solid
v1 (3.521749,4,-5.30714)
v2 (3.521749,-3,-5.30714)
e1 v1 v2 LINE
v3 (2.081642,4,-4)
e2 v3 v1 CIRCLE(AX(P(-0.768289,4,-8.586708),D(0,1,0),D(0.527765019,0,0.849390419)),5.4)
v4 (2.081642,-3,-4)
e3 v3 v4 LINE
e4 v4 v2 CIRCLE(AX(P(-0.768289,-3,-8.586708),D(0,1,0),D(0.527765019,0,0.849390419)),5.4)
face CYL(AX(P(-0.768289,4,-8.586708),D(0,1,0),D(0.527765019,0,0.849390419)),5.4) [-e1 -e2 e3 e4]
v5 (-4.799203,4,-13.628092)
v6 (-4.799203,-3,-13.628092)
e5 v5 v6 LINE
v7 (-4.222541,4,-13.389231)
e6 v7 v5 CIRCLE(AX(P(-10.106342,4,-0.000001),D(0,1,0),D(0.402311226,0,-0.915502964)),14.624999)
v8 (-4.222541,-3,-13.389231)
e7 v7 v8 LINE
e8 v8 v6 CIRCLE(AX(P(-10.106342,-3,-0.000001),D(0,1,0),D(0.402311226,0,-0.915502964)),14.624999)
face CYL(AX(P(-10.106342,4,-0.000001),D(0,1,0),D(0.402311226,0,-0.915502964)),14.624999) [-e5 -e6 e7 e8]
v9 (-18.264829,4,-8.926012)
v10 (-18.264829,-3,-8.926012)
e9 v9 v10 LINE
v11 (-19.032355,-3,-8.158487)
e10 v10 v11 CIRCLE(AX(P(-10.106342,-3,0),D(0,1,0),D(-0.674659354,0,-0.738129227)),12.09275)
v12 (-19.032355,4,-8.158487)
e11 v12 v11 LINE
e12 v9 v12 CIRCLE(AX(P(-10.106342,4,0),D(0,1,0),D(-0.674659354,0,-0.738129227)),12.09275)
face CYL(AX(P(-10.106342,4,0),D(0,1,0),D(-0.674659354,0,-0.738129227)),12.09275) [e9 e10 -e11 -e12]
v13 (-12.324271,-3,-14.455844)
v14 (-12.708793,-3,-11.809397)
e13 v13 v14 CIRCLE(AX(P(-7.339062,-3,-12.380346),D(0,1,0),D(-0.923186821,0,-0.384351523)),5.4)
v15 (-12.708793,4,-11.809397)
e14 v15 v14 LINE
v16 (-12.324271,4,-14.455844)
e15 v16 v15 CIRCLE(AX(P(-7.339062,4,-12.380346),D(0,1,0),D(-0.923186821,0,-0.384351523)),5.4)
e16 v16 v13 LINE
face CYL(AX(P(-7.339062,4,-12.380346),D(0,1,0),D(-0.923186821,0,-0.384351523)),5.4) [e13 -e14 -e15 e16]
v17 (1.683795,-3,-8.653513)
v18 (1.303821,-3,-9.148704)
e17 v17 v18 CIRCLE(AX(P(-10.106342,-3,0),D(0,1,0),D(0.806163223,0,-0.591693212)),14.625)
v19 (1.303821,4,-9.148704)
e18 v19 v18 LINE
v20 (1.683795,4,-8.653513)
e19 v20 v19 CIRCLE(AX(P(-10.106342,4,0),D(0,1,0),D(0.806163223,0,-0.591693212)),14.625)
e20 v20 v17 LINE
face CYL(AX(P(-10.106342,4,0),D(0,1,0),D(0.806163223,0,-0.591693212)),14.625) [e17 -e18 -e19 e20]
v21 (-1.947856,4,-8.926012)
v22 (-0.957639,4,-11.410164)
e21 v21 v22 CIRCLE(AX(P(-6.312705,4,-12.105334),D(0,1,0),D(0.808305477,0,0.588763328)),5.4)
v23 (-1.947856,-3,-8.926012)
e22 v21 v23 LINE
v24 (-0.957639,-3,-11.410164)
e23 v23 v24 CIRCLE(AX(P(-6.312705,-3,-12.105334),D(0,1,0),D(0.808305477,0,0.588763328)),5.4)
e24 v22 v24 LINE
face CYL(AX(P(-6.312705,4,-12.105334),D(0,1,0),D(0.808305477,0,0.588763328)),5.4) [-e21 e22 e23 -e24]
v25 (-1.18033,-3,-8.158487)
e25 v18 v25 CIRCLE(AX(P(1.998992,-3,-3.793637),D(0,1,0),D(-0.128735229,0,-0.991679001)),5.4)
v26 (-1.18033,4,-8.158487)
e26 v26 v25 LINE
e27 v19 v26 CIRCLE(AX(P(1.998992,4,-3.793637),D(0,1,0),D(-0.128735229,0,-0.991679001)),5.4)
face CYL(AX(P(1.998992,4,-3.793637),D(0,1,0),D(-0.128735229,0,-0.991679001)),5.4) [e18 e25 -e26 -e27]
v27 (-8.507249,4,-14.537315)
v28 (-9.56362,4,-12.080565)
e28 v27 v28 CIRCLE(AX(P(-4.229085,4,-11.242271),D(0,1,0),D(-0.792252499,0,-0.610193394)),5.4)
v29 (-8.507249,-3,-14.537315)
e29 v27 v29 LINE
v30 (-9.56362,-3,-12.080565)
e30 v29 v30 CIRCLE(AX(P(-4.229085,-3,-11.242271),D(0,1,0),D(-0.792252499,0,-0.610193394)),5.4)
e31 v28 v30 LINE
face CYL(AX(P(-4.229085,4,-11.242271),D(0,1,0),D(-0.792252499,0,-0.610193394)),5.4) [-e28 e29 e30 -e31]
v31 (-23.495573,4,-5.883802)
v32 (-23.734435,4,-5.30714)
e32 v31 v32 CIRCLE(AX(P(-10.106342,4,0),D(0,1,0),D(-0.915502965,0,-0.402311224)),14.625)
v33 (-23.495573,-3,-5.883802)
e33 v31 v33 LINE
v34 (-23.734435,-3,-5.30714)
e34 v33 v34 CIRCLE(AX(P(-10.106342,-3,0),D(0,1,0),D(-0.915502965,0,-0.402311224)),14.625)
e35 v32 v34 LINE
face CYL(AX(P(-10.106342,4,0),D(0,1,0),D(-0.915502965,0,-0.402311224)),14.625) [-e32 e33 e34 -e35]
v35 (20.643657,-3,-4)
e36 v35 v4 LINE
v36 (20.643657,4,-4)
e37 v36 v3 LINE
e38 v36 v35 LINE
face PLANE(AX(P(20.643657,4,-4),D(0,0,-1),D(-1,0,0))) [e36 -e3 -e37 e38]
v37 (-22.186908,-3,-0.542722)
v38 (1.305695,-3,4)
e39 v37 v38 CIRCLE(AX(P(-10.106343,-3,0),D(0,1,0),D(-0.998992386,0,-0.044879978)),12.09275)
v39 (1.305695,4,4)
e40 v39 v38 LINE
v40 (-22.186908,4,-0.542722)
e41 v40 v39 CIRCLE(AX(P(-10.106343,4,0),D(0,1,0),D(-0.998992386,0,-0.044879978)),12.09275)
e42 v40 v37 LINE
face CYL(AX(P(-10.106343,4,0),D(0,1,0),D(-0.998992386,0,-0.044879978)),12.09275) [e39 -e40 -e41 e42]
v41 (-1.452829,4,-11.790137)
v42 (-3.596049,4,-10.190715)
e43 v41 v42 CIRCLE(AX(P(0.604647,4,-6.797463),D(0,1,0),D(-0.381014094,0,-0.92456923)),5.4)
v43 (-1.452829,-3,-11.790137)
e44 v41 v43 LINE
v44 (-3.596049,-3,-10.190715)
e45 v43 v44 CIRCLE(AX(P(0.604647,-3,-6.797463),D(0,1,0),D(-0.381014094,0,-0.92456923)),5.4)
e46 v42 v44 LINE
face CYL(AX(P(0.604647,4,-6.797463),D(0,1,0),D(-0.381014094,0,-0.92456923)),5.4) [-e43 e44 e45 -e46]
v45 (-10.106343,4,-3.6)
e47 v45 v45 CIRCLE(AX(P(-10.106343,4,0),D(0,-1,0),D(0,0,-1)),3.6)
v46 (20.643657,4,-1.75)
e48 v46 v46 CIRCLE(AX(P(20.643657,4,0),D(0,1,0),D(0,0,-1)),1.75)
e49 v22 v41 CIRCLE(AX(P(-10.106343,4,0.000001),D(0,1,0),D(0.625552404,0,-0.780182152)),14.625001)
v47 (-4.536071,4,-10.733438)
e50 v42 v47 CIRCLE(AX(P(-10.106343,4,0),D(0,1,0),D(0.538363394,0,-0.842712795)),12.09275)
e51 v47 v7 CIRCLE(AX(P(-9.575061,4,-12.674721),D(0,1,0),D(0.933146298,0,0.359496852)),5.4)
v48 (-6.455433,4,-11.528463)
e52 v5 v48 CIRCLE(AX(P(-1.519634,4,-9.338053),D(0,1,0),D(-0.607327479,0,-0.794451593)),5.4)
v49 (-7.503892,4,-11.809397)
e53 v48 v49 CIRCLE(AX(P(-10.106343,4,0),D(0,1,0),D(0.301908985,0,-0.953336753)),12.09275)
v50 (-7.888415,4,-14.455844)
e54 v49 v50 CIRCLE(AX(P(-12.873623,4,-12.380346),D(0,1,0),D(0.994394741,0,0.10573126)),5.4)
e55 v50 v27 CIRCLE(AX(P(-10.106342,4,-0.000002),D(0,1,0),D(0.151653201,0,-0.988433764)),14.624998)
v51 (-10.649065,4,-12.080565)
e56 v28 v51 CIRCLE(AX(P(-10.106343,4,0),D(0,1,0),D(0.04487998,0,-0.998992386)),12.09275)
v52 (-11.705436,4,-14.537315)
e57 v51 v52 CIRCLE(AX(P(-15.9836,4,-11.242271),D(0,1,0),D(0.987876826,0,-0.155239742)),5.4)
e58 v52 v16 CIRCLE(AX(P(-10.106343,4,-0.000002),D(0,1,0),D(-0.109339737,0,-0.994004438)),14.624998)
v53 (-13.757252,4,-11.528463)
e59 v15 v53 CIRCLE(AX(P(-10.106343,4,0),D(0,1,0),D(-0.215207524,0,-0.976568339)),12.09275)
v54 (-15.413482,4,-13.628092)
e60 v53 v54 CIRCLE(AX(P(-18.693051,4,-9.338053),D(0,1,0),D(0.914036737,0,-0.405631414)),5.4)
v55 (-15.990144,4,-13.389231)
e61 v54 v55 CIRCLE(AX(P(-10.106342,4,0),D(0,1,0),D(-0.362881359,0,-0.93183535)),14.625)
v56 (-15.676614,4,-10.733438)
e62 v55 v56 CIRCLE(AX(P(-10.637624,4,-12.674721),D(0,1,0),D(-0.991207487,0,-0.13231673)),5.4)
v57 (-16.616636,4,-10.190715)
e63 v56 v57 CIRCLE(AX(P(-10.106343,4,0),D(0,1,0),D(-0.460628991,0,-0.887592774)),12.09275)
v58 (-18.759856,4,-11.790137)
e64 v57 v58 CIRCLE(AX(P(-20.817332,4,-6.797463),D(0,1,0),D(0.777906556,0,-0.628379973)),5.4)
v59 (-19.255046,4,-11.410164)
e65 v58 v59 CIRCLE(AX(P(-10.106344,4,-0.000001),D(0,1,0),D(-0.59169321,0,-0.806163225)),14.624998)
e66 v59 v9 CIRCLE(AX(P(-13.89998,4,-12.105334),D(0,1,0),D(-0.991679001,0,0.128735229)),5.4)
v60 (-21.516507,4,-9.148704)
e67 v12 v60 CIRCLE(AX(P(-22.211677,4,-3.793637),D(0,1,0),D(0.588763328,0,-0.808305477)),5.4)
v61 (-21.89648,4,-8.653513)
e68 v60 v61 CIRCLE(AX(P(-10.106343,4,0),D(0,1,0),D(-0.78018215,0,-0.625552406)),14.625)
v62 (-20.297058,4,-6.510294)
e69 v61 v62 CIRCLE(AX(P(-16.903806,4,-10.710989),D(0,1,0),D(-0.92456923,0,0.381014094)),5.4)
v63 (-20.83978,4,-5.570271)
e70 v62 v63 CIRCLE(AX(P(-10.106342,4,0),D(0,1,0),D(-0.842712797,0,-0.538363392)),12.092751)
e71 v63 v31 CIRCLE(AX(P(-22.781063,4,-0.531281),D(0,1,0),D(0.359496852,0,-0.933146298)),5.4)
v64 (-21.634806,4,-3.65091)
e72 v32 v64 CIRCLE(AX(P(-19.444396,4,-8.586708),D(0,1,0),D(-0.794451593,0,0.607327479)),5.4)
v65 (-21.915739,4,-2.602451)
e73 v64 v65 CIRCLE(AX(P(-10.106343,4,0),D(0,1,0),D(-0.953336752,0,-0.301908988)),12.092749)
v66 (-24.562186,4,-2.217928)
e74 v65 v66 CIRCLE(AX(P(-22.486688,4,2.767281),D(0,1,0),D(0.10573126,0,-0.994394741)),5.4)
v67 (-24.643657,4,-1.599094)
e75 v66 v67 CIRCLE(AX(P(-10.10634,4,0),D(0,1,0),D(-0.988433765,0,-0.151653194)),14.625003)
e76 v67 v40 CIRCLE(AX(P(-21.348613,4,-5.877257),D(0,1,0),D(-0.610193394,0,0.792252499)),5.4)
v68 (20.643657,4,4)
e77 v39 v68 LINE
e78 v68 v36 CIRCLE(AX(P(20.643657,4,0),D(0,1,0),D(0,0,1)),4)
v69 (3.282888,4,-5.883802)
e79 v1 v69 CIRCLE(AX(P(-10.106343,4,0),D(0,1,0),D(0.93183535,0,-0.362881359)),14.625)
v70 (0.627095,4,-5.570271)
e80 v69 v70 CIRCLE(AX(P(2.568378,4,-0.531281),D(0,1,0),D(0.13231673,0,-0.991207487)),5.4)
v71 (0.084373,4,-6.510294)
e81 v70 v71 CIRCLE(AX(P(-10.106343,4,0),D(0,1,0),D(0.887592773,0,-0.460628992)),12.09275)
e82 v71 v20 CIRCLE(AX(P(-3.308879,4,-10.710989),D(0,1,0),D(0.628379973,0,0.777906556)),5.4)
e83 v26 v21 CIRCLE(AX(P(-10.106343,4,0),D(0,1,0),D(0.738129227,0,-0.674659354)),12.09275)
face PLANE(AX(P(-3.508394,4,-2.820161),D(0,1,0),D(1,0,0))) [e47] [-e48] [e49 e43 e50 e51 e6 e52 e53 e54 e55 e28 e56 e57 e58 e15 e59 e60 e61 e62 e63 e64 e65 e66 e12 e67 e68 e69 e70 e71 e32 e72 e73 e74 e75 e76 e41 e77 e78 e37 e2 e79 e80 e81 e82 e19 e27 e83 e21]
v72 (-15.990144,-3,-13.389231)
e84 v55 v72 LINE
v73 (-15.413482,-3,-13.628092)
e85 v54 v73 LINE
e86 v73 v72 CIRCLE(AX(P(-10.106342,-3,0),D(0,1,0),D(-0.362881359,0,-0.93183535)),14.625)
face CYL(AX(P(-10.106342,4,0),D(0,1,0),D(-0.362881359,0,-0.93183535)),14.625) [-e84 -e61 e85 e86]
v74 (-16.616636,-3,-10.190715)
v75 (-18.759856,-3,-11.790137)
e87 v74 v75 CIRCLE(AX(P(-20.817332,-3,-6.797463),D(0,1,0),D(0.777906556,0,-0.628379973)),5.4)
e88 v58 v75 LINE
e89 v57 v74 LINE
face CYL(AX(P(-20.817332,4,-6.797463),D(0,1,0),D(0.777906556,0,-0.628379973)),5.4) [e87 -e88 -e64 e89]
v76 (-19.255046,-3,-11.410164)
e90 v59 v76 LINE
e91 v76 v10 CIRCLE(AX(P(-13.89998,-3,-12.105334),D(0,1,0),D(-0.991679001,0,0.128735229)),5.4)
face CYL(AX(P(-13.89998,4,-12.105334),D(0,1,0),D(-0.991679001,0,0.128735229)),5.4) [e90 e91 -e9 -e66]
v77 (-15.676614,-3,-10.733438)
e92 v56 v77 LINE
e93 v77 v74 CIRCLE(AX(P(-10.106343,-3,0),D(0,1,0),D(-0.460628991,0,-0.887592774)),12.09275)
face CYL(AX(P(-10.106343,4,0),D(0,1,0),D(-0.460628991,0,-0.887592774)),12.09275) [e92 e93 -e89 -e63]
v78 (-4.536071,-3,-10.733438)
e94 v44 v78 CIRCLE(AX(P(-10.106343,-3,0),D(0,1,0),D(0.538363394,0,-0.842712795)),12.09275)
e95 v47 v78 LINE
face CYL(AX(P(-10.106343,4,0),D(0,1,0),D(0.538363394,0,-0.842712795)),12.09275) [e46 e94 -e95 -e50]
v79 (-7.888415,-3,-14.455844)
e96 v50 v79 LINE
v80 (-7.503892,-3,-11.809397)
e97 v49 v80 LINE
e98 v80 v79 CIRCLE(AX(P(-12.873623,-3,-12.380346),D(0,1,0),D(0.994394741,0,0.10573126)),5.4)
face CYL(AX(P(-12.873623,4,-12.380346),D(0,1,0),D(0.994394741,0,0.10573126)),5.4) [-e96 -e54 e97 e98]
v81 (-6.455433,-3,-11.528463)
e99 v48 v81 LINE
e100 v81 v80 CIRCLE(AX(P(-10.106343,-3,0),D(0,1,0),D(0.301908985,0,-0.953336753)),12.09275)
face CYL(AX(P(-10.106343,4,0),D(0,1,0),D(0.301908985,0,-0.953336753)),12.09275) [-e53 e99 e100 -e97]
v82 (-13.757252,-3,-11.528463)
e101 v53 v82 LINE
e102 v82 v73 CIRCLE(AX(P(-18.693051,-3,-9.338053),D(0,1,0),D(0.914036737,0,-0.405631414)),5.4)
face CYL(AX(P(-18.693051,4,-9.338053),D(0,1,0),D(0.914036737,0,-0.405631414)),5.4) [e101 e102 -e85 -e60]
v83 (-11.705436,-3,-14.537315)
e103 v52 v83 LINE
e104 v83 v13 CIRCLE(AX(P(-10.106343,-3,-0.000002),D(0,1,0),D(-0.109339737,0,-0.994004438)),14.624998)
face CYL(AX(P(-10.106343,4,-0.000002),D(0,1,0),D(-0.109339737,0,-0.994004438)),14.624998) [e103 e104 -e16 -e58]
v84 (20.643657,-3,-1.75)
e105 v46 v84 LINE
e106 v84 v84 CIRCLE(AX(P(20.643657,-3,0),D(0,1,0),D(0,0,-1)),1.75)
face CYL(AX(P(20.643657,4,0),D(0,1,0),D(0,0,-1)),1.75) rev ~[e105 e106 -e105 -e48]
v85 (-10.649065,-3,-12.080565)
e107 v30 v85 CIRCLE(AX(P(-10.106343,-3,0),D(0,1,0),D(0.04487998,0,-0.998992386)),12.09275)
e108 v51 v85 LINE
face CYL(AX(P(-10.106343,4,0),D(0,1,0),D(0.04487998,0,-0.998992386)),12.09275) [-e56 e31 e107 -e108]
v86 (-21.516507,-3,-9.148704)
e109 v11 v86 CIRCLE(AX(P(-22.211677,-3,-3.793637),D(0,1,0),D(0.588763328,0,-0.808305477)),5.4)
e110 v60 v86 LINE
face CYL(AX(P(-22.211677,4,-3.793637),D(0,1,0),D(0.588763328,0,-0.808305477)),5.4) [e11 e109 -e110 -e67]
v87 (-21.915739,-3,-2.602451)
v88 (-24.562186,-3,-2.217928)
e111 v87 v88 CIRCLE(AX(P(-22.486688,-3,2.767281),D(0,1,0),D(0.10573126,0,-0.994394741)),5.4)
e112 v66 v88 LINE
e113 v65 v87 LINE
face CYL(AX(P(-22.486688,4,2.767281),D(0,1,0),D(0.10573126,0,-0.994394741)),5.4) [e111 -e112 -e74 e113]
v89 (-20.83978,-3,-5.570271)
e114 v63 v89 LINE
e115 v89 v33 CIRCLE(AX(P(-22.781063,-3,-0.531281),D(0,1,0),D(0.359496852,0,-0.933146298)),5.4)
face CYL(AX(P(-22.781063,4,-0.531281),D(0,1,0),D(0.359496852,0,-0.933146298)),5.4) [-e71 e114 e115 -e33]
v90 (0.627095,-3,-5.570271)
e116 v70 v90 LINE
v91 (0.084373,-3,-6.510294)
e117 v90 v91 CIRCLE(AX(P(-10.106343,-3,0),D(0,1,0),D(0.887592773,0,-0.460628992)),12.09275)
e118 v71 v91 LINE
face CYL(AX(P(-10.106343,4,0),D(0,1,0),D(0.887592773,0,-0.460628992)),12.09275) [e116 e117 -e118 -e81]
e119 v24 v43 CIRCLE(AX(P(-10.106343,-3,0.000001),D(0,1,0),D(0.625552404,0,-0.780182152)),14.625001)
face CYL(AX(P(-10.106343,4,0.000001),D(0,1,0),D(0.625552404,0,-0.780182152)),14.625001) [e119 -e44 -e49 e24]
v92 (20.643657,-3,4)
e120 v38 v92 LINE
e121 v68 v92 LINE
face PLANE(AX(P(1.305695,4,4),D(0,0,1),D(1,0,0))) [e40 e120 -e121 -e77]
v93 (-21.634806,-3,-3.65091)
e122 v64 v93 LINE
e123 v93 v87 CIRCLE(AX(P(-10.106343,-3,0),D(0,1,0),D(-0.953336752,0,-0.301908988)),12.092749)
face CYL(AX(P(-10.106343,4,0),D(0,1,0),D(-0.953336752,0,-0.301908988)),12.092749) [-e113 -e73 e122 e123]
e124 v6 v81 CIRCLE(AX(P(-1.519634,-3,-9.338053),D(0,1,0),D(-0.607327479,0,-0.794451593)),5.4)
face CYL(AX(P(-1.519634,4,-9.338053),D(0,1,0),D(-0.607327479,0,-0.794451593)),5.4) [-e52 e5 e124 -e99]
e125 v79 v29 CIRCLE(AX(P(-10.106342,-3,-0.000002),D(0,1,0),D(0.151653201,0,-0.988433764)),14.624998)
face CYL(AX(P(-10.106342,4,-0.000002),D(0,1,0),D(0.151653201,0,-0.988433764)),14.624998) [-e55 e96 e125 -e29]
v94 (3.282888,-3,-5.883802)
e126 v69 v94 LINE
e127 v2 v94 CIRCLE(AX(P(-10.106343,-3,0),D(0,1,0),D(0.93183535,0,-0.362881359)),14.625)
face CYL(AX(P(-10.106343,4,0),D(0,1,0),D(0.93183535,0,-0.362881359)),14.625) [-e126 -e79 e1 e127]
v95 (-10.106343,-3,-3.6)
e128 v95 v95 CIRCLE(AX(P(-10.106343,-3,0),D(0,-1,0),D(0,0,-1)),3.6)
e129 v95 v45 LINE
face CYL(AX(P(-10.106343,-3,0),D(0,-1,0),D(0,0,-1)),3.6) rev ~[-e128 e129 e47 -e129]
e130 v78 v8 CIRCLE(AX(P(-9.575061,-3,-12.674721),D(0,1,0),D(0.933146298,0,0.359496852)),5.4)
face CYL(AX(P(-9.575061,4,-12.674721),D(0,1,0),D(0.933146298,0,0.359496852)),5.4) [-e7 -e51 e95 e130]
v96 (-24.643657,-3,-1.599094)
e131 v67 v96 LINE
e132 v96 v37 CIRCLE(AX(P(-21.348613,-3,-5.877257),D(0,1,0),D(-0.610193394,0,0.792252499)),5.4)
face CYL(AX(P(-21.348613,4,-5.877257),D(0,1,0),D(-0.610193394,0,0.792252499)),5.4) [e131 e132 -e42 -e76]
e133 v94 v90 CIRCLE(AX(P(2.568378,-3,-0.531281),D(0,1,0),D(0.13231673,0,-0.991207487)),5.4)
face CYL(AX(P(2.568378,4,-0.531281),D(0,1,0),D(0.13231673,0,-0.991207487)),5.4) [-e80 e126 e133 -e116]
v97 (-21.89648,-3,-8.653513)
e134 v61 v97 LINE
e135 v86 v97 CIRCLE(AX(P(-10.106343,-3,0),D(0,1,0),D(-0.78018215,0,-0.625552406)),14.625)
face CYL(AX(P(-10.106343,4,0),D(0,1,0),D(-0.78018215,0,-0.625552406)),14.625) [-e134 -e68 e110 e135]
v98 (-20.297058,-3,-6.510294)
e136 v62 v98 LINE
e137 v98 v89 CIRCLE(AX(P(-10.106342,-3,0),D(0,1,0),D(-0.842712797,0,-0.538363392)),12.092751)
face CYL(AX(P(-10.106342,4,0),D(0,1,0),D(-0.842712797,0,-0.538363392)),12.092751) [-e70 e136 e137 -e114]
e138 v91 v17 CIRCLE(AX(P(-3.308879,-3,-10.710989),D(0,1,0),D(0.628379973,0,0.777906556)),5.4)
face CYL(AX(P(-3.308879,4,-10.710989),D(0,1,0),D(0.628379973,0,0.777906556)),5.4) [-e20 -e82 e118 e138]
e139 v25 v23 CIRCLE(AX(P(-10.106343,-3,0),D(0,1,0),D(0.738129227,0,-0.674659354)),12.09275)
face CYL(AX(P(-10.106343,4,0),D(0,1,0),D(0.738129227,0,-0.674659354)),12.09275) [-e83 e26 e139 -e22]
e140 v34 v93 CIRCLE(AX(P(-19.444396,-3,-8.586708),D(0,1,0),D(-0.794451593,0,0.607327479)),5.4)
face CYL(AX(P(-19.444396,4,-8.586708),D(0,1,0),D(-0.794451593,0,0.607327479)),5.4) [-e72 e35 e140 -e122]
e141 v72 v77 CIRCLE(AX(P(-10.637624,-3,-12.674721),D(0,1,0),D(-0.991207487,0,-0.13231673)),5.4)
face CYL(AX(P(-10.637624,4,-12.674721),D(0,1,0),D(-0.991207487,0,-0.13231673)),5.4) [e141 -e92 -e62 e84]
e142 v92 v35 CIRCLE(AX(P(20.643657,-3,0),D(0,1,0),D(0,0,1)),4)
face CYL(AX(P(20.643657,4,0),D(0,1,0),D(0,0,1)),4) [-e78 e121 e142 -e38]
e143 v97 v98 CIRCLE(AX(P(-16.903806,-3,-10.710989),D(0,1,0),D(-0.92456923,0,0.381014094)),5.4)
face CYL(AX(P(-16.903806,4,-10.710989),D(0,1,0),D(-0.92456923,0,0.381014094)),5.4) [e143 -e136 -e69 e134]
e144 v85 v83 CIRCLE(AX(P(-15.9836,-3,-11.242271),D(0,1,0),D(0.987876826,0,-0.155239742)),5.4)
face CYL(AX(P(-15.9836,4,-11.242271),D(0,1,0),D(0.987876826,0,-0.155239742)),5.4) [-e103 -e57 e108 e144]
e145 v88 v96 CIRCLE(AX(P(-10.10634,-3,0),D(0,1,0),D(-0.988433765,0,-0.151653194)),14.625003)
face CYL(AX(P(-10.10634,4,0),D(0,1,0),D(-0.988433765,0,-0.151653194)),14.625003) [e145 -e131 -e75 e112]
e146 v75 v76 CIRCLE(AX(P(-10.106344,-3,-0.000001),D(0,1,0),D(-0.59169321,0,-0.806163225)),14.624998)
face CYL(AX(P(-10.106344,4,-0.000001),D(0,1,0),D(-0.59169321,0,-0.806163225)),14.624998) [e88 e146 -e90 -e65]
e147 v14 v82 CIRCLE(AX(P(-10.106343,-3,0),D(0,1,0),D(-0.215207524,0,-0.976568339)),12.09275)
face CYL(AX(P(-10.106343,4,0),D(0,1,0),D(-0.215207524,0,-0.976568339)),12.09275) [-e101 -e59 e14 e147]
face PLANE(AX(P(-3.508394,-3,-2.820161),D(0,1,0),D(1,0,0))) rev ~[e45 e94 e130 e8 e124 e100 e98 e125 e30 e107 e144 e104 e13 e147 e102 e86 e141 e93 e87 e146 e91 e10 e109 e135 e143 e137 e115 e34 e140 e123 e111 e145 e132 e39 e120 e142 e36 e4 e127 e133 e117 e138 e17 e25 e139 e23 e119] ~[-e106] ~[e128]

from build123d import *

# Parameters (mm, degrees)
SKETCH1_R           = 1.75
BOSS_EXTRUDE1_DEPTH = 7
SKETCH_1_R          = 3.6
CUT_EXTRUDE_1_DEPTH = 30.45578681


with BuildPart() as part:
    # Sketch1 → Boss-Extrude1 (new body)
    with BuildSketch(Plane(origin=(0, 4, 0), x_dir=(1, 0, 0), z_dir=(0, 1, 0))):
        with BuildLine():
            Line((1.305695063, -4), (20.643657446, -4))
            ThreePointArc((20.643657446, -4), (24.643657446, 0), (20.643657446, 4))
            Line((20.643657446, 4), (2.081641936, 4))
            ThreePointArc((2.081641936, 4), (2.861028333, 4.588201733), (3.521749436, 5.30713988))
            ThreePointArc((3.521749436, 5.30713988), (3.405395609, 5.596745198), (3.282888305, 5.883801663))
            ThreePointArc((3.282888305, 5.883801663), (1.93527598, 5.894040025), (0.627094961, 5.57027124))
            ThreePointArc((0.627094961, 5.57027124), (0.366286148, 6.046375), (0.084372603, 6.510293938))
            ThreePointArc((0.084372603, 6.510293938), (1.018855105, 7.48132754), (1.683794586, 8.65351323))
            ThreePointArc((1.683794586, 8.65351323), (1.496450048, 8.903135899), (1.303821399, 9.148703928))
            ThreePointArc((1.303821399, 9.148703928), (-0.000522033, 8.809805691), (-1.180330337, 8.158486898))
            ThreePointArc((-1.180330337, 8.158486898), (-1.555477026, 8.550865528), (-1.947855656, 8.926012217))
            ThreePointArc((-1.947855656, 8.926012217), (-1.296536862, 10.105820521), (-0.957638625, 11.410163953))
            ThreePointArc((-0.957638625, 11.410163953), (-1.203206655, 11.602792602), (-1.452829324, 11.79013714))
            ThreePointArc((-1.452829324, 11.79013714), (-2.625015014, 11.125197659), (-3.596048616, 10.190715157))
            ThreePointArc((-3.596048616, 10.190715157), (-4.059967554, 10.472628702), (-4.536071314, 10.733437515))
            ThreePointArc((-4.536071314, 10.733437515), (-4.212302529, 12.041618533), (-4.222540891, 13.389230859))
            ThreePointArc((-4.222540891, 13.389230859), (-4.509597355, 13.511738163), (-4.799202674, 13.62809199))
            ThreePointArc((-4.799202674, 13.62809199), (-5.759348103, 12.682425791), (-6.455432668, 11.528463019))
            ThreePointArc((-6.455432668, 11.528463019), (-6.976508546, 11.680699536), (-7.503891752, 11.809396783))
            ThreePointArc((-7.503891752, 11.809396783), (-7.529737283, 13.156800143), (-7.888414517, 14.455843809))
            ThreePointArc((-7.888414517, 14.455843809), (-8.197396993, 14.499881098), (-8.507248835, 14.537314892))
            ThreePointArc((-8.507248835, 14.537314892), (-9.18992168, 13.375367565), (-9.563620196, 12.080565177))
            ThreePointArc((-9.563620196, 12.080565177), (-10.106342554, 12.09275), (-10.649064912, 12.080565177))
            ThreePointArc((-10.649064912, 12.080565177), (-11.022763428, 13.375367565), (-11.705436272, 14.537314892))
            ThreePointArc((-11.705436272, 14.537314892), (-12.015288115, 14.499881098), (-12.324270591, 14.455843809))
            ThreePointArc((-12.324270591, 14.455843809), (-12.682947825, 13.156800143), (-12.708793355, 11.809396783))
            ThreePointArc((-12.708793355, 11.809396783), (-13.236176561, 11.680699536), (-13.757252439, 11.528463019))
            ThreePointArc((-13.757252439, 11.528463019), (-14.453337005, 12.682425791), (-15.413482434, 13.62809199))
            ThreePointArc((-15.413482434, 13.62809199), (-15.703087752, 13.511738163), (-15.990144217, 13.389230859))
            ThreePointArc((-15.990144217, 13.389230859), (-16.000382579, 12.041618533), (-15.676613793, 10.733437515))
            ThreePointArc((-15.676613793, 10.733437515), (-16.152717554, 10.472628702), (-16.616636492, 10.190715157))
            ThreePointArc((-16.616636492, 10.190715157), (-17.587670094, 11.125197659), (-18.759855783, 11.79013714))
            ThreePointArc((-18.759855783, 11.79013714), (-19.009478453, 11.602792602), (-19.255046482, 11.410163953))
            ThreePointArc((-19.255046482, 11.410163953), (-18.916148245, 10.105820521), (-18.264829452, 8.926012217))
            ThreePointArc((-18.264829452, 8.926012217), (-18.657208082, 8.550865528), (-19.032354771, 8.158486898))
            ThreePointArc((-19.032354771, 8.158486898), (-20.212163074, 8.809805691), (-21.516506507, 9.148703928))
            ThreePointArc((-21.516506507, 9.148703928), (-21.709135156, 8.903135899), (-21.896479694, 8.65351323))
            ThreePointArc((-21.896479694, 8.65351323), (-21.231540213, 7.48132754), (-20.297057711, 6.510293938))
            ThreePointArc((-20.297057711, 6.510293938), (-20.578971255, 6.046375), (-20.839780068, 5.57027124))
            ThreePointArc((-20.839780068, 5.57027124), (-22.147961087, 5.894040025), (-23.495573413, 5.883801663))
            ThreePointArc((-23.495573413, 5.883801663), (-23.618080717, 5.596745198), (-23.734434544, 5.30713988))
            ThreePointArc((-23.734434544, 5.30713988), (-22.788768345, 4.346994451), (-21.634805572, 3.650909885))
            ThreePointArc((-21.634805572, 3.650909885), (-21.78704209, 3.129834008), (-21.915739337, 2.602450802))
            ThreePointArc((-21.915739337, 2.602450802), (-23.263142697, 2.576605271), (-24.562186363, 2.217928037))
            ThreePointArc((-24.562186363, 2.217928037), (-24.606223651, 1.908945561), (-24.643657446, 1.599093719))
            ThreePointArc((-24.643657446, 1.599093719), (-23.481710119, 0.916420874), (-22.186907731, 0.542722358))
            ThreePointArc((-22.186907731, 0.542722358), (-12.402167869, -11.872817218), (1.305695063, -4))
        make_face()
        with Locations(Location((20.643657446, 0, 0), (0, 0, 90))):
            Circle(SKETCH1_R, mode=Mode.SUBTRACT)
    extrude(amount=-BOSS_EXTRUDE1_DEPTH)

    # 草图1 → 切除-拉伸1 (cut, through all)
    with BuildSketch(Plane.XZ.offset(3)):
        with Locations(Location((-10.106342554, 0, 0), (0, 0, 270))):
            Circle(SKETCH_1_R)
    extrude(amount=-CUT_EXTRUDE_1_DEPTH, mode=Mode.SUBTRACT)


solid = part.part
